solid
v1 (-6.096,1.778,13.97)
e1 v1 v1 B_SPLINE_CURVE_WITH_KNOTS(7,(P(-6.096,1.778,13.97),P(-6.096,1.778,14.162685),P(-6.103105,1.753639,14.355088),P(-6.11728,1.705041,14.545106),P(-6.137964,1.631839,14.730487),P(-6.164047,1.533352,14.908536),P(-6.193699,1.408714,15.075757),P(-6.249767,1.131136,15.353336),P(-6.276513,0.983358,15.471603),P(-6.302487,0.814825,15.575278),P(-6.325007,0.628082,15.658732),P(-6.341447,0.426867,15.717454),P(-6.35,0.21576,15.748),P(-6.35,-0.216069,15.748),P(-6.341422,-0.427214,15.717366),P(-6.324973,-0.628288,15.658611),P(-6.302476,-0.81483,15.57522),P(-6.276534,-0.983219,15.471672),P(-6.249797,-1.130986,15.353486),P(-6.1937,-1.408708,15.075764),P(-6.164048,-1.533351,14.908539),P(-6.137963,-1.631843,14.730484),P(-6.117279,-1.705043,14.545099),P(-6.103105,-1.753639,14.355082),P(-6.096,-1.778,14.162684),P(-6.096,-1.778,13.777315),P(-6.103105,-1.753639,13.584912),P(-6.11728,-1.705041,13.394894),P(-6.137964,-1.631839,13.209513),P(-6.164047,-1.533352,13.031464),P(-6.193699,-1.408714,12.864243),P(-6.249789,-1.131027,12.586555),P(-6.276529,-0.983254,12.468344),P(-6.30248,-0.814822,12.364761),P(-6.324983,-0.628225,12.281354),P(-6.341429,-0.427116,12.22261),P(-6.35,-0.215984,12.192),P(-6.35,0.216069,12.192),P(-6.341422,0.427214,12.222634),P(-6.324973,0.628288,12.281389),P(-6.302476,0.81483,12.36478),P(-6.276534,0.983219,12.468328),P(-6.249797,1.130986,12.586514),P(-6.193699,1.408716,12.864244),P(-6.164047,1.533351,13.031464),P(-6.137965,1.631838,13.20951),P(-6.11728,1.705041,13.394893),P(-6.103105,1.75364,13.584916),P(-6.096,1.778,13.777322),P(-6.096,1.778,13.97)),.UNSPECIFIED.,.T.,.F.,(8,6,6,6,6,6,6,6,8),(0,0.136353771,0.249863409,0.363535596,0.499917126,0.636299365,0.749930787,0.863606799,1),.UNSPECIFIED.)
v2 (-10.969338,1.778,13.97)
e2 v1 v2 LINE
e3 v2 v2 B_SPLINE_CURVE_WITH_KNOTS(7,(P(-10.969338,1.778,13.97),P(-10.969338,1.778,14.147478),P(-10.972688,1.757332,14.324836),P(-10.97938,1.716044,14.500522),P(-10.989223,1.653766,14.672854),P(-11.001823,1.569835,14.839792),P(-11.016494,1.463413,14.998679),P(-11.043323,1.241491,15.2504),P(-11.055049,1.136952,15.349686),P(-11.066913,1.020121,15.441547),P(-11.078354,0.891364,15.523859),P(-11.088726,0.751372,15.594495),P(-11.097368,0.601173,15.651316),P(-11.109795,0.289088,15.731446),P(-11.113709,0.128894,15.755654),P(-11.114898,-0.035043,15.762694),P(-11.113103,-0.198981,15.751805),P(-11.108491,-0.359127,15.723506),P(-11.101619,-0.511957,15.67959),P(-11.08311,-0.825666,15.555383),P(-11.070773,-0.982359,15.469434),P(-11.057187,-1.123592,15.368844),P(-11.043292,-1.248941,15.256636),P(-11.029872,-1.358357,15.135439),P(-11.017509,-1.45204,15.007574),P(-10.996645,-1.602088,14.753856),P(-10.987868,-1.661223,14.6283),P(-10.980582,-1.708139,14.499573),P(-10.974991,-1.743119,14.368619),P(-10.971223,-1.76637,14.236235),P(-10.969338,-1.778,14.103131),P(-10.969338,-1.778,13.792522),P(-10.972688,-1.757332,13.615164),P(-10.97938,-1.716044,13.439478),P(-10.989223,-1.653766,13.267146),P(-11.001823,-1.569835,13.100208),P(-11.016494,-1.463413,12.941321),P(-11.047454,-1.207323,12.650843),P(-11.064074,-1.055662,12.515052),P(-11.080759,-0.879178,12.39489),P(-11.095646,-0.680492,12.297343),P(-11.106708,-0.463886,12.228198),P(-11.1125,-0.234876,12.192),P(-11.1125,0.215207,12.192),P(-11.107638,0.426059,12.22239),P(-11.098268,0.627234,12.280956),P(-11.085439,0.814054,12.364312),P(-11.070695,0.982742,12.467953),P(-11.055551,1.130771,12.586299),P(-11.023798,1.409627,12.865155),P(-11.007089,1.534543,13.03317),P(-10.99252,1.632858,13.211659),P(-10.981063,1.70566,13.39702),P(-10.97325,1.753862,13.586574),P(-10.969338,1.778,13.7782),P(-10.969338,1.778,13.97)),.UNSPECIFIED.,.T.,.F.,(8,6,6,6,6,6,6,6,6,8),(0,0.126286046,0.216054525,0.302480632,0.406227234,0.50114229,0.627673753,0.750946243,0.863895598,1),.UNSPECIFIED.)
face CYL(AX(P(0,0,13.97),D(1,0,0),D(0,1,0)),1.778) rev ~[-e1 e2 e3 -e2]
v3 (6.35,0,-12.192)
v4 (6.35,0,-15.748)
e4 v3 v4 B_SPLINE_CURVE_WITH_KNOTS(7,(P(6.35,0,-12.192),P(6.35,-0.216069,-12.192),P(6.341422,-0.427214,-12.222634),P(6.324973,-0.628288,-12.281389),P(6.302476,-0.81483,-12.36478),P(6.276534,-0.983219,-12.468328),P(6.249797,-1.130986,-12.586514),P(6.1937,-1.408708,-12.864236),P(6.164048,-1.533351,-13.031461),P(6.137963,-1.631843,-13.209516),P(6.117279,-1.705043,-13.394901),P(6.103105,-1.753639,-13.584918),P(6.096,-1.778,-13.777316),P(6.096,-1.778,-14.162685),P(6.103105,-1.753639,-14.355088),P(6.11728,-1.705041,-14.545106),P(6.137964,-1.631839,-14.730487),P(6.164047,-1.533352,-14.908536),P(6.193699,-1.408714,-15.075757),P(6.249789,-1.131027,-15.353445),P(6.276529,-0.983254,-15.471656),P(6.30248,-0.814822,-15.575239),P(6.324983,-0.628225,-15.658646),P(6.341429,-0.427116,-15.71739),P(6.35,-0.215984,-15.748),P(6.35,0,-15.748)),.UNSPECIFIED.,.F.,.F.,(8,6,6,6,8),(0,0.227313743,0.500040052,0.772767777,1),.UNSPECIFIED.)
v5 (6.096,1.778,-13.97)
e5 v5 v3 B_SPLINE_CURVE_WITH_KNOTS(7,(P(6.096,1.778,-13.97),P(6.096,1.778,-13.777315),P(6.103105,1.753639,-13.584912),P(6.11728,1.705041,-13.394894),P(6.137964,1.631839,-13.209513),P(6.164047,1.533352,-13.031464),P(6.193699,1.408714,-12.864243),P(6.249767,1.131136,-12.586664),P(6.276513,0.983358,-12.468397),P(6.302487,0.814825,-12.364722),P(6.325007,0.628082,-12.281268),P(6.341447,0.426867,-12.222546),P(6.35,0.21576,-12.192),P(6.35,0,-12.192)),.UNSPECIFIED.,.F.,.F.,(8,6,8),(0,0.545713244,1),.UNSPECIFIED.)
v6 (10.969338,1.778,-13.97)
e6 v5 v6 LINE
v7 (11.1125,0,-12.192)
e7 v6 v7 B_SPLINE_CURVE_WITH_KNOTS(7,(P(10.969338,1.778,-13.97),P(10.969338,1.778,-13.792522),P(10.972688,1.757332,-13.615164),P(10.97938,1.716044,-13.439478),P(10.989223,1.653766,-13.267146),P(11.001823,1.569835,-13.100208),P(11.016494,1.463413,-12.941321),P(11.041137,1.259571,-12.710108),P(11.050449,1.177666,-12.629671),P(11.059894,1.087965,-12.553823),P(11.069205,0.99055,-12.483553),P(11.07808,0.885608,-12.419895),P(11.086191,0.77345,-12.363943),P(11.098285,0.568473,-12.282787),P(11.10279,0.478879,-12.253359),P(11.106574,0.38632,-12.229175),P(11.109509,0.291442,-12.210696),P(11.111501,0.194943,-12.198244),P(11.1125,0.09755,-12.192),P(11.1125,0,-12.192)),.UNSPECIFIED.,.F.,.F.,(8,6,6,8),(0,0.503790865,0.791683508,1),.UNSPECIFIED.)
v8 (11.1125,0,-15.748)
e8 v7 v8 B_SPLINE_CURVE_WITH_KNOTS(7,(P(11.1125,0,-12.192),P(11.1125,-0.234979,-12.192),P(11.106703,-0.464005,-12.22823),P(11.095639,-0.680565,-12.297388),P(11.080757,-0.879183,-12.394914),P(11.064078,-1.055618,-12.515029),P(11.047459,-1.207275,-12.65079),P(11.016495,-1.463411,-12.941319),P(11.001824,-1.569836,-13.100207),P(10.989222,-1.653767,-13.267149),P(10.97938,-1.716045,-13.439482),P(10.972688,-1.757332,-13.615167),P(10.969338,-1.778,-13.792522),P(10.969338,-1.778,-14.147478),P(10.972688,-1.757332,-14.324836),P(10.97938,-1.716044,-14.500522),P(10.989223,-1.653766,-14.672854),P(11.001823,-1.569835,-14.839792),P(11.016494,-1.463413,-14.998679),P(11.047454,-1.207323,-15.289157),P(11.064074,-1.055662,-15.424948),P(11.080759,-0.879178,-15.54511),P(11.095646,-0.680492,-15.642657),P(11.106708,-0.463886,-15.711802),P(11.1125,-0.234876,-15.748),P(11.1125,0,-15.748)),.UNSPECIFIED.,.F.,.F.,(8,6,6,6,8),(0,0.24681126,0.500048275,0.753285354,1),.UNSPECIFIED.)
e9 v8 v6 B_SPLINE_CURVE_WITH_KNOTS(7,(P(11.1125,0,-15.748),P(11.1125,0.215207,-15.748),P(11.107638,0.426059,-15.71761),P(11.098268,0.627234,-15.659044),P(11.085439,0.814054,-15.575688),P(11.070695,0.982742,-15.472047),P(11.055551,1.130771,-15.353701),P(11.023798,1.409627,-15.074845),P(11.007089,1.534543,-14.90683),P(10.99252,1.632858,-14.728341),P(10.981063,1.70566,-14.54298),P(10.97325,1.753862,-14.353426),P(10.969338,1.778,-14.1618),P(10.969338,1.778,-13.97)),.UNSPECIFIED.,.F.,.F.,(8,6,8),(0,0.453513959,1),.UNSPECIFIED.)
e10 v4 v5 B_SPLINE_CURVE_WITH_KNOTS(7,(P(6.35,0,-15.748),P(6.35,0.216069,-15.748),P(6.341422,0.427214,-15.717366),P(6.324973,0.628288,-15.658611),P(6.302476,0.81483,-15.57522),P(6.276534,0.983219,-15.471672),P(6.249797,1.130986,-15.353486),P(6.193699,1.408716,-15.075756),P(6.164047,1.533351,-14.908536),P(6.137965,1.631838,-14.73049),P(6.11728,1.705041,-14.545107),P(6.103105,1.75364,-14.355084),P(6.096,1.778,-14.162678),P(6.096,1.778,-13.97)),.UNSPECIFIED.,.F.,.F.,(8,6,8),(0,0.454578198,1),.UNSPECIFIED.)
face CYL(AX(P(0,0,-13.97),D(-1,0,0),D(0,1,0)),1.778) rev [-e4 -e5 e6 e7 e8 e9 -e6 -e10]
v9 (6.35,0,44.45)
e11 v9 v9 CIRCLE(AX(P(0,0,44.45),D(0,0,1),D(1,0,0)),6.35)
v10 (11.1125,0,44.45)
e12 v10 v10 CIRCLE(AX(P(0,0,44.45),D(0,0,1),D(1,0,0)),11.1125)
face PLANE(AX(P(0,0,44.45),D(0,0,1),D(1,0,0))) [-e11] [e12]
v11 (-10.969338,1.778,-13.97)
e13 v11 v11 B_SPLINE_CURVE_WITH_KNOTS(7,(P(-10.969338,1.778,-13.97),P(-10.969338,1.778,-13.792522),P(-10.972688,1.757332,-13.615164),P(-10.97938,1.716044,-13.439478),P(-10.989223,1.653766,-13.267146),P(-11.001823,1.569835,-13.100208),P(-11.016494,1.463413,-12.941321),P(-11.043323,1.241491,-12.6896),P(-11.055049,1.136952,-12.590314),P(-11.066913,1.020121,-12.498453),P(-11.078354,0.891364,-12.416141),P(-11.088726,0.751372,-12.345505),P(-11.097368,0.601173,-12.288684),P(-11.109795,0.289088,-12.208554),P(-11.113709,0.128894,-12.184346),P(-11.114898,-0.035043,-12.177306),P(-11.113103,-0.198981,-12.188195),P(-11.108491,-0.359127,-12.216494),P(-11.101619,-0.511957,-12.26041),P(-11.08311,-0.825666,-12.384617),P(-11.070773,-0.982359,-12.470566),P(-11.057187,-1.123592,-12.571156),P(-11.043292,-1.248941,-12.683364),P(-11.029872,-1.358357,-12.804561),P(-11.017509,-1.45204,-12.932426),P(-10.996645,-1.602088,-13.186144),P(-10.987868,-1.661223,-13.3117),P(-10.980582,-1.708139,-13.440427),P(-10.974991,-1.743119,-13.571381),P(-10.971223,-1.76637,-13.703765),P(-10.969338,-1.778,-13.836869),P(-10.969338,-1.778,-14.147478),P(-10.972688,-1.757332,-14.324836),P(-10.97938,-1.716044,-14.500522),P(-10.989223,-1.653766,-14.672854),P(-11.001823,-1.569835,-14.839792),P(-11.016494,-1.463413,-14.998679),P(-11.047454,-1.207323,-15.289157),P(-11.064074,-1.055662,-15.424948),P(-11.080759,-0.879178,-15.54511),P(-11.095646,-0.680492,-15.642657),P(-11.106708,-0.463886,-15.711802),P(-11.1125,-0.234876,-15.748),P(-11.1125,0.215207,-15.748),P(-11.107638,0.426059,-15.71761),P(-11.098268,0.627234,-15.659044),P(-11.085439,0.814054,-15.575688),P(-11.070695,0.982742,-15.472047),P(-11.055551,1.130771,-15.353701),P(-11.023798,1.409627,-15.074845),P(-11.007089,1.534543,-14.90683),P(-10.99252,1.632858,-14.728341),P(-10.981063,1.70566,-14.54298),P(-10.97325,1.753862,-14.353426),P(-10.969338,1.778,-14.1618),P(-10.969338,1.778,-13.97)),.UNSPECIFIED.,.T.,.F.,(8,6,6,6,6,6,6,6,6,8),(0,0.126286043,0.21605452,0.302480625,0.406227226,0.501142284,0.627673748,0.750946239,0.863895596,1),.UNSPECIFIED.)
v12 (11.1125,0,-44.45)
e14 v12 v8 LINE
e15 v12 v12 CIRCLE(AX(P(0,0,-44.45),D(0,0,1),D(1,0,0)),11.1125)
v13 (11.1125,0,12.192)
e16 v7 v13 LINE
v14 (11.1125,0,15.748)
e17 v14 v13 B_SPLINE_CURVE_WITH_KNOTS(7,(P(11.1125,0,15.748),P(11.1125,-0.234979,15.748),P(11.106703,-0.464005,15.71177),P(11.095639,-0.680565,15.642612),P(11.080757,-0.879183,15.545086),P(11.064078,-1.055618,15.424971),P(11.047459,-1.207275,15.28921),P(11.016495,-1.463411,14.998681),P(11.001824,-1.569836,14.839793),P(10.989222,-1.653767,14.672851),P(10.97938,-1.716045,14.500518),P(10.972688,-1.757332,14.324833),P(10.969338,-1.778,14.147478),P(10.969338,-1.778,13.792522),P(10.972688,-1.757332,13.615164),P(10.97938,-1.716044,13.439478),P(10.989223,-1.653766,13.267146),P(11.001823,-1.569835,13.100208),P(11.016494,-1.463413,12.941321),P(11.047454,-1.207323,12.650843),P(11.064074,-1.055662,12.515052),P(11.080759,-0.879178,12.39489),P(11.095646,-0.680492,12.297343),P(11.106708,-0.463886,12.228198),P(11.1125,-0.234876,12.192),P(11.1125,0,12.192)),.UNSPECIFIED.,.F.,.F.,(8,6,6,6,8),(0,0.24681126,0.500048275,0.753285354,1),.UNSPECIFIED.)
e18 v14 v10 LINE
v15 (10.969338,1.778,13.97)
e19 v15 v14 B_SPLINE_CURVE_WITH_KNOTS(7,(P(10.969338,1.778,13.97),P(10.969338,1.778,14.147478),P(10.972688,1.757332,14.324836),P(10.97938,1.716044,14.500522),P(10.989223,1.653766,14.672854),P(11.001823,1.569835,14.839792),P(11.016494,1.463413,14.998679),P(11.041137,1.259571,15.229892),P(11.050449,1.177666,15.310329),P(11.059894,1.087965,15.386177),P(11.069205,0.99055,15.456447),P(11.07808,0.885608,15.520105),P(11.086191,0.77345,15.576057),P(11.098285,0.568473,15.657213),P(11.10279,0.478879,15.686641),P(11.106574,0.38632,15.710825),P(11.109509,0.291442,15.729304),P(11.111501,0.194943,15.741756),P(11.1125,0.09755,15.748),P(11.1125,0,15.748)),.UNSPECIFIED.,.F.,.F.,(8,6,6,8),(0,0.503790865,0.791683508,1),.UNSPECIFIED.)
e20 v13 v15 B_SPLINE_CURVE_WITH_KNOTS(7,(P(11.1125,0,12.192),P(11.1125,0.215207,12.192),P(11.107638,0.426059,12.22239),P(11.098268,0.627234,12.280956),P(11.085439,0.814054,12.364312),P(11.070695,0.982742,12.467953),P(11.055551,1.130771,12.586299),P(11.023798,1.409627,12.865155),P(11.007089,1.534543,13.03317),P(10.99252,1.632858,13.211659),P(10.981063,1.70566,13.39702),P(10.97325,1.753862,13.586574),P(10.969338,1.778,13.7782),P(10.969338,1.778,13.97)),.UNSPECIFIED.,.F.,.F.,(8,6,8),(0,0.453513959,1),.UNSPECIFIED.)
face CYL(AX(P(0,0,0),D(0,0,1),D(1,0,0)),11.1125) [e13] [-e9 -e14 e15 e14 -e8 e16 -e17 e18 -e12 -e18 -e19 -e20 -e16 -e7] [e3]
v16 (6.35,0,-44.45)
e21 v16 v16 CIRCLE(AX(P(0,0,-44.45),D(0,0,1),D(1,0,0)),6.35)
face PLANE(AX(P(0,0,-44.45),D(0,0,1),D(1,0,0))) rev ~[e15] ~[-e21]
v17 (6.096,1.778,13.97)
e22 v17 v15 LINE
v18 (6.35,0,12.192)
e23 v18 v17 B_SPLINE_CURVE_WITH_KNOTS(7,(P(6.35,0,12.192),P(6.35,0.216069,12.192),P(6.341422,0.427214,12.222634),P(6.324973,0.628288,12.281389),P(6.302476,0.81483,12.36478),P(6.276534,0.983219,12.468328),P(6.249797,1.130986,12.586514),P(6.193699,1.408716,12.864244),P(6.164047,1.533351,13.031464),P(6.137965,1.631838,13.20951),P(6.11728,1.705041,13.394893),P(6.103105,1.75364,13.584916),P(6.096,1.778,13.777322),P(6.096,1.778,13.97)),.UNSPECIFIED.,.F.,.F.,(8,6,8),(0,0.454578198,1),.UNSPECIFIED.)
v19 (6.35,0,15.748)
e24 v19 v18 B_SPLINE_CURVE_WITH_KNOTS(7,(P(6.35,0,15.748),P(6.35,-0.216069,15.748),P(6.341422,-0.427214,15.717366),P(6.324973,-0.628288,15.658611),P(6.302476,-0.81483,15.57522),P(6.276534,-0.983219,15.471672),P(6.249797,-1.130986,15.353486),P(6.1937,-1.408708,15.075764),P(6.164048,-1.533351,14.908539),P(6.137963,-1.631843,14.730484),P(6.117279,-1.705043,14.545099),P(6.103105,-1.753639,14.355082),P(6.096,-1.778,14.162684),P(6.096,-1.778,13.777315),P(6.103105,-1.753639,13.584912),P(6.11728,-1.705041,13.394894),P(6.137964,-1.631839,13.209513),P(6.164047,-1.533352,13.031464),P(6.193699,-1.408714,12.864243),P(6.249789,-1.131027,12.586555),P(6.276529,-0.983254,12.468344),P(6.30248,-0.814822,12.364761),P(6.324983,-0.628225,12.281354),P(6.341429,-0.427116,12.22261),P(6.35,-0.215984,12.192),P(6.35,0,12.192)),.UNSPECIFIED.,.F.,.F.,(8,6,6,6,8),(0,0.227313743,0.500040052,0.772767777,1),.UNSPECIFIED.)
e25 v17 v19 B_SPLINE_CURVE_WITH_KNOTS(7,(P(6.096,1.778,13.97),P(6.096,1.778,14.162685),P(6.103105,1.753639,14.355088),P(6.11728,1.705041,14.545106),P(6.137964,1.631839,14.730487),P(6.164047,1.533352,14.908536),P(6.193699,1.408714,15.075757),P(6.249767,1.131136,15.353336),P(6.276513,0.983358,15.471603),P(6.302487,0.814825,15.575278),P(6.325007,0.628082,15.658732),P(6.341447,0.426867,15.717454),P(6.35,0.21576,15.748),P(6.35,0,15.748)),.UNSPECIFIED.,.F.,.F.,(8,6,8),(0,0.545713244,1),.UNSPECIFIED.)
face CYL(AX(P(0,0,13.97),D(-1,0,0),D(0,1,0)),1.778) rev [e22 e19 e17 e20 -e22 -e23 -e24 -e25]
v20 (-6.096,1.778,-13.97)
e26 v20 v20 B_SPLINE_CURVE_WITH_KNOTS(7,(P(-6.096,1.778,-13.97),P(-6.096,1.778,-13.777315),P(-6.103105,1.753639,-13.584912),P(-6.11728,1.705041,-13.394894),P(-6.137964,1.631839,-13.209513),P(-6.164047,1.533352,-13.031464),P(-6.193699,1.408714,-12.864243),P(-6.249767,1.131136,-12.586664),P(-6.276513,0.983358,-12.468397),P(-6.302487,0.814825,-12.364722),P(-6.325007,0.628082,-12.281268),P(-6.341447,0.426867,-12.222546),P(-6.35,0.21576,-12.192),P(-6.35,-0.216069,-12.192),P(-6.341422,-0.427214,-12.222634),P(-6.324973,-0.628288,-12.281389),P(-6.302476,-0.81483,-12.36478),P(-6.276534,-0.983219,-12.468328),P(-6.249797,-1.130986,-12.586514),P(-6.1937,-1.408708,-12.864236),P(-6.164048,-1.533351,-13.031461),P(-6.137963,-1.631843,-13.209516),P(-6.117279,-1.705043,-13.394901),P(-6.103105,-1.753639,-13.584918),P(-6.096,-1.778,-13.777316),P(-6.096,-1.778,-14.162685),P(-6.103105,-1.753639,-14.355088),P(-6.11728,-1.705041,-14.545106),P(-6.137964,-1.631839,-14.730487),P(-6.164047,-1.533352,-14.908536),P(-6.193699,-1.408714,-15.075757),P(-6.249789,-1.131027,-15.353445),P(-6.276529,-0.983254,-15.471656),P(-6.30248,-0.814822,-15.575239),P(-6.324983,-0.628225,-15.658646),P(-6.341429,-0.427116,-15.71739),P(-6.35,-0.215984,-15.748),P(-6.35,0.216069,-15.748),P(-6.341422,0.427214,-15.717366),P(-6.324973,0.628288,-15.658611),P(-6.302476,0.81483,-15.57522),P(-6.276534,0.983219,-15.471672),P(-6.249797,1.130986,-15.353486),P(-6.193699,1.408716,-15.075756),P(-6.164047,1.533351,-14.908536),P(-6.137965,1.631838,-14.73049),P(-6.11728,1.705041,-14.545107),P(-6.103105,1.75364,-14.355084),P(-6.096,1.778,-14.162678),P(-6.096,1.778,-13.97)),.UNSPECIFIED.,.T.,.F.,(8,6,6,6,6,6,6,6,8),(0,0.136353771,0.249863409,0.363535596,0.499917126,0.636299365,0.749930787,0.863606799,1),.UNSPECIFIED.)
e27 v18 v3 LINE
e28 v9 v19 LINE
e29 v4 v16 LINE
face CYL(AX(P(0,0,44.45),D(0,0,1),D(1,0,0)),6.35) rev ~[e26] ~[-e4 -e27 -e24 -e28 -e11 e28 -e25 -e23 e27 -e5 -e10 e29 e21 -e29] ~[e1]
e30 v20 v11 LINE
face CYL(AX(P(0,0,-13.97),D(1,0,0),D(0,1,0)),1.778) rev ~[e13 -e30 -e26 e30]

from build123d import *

# Parameters (mm, degrees)
F0_R          = 11.1125
F1_DEPTH      = 44.45
F2_R          = 6.35
F3_DEPTH      = 88.9
F4_R          = 1.778
F5_DEPTH      = 11.1135
F5_DEPTH_BACK = 11.1135


with BuildPart() as f1:
    # F0 (on Top) → F1 (new body, symmetric)
    with BuildSketch(Plane.XY):
        Circle(F0_R)
    extrude(amount=F1_DEPTH, both=True)

    # F2 (on face) → F3 (cut, through all)
    with BuildSketch(Plane.XY.offset(44.45)):
        Circle(F2_R)
    extrude(amount=-F3_DEPTH, mode=Mode.SUBTRACT)

    # F4 (on Right) → F5 (cut, two sides)
    with BuildSketch(Plane.YZ) as f5_sk:
        with Locations((0, -13.97)):
            Circle(F4_R)
        with Locations((0, 13.97)):
            Circle(F4_R)
    extrude(amount=F5_DEPTH, mode=Mode.SUBTRACT)
    extrude(f5_sk.sketch, amount=-F5_DEPTH_BACK, mode=Mode.SUBTRACT)


solid = f1.part
